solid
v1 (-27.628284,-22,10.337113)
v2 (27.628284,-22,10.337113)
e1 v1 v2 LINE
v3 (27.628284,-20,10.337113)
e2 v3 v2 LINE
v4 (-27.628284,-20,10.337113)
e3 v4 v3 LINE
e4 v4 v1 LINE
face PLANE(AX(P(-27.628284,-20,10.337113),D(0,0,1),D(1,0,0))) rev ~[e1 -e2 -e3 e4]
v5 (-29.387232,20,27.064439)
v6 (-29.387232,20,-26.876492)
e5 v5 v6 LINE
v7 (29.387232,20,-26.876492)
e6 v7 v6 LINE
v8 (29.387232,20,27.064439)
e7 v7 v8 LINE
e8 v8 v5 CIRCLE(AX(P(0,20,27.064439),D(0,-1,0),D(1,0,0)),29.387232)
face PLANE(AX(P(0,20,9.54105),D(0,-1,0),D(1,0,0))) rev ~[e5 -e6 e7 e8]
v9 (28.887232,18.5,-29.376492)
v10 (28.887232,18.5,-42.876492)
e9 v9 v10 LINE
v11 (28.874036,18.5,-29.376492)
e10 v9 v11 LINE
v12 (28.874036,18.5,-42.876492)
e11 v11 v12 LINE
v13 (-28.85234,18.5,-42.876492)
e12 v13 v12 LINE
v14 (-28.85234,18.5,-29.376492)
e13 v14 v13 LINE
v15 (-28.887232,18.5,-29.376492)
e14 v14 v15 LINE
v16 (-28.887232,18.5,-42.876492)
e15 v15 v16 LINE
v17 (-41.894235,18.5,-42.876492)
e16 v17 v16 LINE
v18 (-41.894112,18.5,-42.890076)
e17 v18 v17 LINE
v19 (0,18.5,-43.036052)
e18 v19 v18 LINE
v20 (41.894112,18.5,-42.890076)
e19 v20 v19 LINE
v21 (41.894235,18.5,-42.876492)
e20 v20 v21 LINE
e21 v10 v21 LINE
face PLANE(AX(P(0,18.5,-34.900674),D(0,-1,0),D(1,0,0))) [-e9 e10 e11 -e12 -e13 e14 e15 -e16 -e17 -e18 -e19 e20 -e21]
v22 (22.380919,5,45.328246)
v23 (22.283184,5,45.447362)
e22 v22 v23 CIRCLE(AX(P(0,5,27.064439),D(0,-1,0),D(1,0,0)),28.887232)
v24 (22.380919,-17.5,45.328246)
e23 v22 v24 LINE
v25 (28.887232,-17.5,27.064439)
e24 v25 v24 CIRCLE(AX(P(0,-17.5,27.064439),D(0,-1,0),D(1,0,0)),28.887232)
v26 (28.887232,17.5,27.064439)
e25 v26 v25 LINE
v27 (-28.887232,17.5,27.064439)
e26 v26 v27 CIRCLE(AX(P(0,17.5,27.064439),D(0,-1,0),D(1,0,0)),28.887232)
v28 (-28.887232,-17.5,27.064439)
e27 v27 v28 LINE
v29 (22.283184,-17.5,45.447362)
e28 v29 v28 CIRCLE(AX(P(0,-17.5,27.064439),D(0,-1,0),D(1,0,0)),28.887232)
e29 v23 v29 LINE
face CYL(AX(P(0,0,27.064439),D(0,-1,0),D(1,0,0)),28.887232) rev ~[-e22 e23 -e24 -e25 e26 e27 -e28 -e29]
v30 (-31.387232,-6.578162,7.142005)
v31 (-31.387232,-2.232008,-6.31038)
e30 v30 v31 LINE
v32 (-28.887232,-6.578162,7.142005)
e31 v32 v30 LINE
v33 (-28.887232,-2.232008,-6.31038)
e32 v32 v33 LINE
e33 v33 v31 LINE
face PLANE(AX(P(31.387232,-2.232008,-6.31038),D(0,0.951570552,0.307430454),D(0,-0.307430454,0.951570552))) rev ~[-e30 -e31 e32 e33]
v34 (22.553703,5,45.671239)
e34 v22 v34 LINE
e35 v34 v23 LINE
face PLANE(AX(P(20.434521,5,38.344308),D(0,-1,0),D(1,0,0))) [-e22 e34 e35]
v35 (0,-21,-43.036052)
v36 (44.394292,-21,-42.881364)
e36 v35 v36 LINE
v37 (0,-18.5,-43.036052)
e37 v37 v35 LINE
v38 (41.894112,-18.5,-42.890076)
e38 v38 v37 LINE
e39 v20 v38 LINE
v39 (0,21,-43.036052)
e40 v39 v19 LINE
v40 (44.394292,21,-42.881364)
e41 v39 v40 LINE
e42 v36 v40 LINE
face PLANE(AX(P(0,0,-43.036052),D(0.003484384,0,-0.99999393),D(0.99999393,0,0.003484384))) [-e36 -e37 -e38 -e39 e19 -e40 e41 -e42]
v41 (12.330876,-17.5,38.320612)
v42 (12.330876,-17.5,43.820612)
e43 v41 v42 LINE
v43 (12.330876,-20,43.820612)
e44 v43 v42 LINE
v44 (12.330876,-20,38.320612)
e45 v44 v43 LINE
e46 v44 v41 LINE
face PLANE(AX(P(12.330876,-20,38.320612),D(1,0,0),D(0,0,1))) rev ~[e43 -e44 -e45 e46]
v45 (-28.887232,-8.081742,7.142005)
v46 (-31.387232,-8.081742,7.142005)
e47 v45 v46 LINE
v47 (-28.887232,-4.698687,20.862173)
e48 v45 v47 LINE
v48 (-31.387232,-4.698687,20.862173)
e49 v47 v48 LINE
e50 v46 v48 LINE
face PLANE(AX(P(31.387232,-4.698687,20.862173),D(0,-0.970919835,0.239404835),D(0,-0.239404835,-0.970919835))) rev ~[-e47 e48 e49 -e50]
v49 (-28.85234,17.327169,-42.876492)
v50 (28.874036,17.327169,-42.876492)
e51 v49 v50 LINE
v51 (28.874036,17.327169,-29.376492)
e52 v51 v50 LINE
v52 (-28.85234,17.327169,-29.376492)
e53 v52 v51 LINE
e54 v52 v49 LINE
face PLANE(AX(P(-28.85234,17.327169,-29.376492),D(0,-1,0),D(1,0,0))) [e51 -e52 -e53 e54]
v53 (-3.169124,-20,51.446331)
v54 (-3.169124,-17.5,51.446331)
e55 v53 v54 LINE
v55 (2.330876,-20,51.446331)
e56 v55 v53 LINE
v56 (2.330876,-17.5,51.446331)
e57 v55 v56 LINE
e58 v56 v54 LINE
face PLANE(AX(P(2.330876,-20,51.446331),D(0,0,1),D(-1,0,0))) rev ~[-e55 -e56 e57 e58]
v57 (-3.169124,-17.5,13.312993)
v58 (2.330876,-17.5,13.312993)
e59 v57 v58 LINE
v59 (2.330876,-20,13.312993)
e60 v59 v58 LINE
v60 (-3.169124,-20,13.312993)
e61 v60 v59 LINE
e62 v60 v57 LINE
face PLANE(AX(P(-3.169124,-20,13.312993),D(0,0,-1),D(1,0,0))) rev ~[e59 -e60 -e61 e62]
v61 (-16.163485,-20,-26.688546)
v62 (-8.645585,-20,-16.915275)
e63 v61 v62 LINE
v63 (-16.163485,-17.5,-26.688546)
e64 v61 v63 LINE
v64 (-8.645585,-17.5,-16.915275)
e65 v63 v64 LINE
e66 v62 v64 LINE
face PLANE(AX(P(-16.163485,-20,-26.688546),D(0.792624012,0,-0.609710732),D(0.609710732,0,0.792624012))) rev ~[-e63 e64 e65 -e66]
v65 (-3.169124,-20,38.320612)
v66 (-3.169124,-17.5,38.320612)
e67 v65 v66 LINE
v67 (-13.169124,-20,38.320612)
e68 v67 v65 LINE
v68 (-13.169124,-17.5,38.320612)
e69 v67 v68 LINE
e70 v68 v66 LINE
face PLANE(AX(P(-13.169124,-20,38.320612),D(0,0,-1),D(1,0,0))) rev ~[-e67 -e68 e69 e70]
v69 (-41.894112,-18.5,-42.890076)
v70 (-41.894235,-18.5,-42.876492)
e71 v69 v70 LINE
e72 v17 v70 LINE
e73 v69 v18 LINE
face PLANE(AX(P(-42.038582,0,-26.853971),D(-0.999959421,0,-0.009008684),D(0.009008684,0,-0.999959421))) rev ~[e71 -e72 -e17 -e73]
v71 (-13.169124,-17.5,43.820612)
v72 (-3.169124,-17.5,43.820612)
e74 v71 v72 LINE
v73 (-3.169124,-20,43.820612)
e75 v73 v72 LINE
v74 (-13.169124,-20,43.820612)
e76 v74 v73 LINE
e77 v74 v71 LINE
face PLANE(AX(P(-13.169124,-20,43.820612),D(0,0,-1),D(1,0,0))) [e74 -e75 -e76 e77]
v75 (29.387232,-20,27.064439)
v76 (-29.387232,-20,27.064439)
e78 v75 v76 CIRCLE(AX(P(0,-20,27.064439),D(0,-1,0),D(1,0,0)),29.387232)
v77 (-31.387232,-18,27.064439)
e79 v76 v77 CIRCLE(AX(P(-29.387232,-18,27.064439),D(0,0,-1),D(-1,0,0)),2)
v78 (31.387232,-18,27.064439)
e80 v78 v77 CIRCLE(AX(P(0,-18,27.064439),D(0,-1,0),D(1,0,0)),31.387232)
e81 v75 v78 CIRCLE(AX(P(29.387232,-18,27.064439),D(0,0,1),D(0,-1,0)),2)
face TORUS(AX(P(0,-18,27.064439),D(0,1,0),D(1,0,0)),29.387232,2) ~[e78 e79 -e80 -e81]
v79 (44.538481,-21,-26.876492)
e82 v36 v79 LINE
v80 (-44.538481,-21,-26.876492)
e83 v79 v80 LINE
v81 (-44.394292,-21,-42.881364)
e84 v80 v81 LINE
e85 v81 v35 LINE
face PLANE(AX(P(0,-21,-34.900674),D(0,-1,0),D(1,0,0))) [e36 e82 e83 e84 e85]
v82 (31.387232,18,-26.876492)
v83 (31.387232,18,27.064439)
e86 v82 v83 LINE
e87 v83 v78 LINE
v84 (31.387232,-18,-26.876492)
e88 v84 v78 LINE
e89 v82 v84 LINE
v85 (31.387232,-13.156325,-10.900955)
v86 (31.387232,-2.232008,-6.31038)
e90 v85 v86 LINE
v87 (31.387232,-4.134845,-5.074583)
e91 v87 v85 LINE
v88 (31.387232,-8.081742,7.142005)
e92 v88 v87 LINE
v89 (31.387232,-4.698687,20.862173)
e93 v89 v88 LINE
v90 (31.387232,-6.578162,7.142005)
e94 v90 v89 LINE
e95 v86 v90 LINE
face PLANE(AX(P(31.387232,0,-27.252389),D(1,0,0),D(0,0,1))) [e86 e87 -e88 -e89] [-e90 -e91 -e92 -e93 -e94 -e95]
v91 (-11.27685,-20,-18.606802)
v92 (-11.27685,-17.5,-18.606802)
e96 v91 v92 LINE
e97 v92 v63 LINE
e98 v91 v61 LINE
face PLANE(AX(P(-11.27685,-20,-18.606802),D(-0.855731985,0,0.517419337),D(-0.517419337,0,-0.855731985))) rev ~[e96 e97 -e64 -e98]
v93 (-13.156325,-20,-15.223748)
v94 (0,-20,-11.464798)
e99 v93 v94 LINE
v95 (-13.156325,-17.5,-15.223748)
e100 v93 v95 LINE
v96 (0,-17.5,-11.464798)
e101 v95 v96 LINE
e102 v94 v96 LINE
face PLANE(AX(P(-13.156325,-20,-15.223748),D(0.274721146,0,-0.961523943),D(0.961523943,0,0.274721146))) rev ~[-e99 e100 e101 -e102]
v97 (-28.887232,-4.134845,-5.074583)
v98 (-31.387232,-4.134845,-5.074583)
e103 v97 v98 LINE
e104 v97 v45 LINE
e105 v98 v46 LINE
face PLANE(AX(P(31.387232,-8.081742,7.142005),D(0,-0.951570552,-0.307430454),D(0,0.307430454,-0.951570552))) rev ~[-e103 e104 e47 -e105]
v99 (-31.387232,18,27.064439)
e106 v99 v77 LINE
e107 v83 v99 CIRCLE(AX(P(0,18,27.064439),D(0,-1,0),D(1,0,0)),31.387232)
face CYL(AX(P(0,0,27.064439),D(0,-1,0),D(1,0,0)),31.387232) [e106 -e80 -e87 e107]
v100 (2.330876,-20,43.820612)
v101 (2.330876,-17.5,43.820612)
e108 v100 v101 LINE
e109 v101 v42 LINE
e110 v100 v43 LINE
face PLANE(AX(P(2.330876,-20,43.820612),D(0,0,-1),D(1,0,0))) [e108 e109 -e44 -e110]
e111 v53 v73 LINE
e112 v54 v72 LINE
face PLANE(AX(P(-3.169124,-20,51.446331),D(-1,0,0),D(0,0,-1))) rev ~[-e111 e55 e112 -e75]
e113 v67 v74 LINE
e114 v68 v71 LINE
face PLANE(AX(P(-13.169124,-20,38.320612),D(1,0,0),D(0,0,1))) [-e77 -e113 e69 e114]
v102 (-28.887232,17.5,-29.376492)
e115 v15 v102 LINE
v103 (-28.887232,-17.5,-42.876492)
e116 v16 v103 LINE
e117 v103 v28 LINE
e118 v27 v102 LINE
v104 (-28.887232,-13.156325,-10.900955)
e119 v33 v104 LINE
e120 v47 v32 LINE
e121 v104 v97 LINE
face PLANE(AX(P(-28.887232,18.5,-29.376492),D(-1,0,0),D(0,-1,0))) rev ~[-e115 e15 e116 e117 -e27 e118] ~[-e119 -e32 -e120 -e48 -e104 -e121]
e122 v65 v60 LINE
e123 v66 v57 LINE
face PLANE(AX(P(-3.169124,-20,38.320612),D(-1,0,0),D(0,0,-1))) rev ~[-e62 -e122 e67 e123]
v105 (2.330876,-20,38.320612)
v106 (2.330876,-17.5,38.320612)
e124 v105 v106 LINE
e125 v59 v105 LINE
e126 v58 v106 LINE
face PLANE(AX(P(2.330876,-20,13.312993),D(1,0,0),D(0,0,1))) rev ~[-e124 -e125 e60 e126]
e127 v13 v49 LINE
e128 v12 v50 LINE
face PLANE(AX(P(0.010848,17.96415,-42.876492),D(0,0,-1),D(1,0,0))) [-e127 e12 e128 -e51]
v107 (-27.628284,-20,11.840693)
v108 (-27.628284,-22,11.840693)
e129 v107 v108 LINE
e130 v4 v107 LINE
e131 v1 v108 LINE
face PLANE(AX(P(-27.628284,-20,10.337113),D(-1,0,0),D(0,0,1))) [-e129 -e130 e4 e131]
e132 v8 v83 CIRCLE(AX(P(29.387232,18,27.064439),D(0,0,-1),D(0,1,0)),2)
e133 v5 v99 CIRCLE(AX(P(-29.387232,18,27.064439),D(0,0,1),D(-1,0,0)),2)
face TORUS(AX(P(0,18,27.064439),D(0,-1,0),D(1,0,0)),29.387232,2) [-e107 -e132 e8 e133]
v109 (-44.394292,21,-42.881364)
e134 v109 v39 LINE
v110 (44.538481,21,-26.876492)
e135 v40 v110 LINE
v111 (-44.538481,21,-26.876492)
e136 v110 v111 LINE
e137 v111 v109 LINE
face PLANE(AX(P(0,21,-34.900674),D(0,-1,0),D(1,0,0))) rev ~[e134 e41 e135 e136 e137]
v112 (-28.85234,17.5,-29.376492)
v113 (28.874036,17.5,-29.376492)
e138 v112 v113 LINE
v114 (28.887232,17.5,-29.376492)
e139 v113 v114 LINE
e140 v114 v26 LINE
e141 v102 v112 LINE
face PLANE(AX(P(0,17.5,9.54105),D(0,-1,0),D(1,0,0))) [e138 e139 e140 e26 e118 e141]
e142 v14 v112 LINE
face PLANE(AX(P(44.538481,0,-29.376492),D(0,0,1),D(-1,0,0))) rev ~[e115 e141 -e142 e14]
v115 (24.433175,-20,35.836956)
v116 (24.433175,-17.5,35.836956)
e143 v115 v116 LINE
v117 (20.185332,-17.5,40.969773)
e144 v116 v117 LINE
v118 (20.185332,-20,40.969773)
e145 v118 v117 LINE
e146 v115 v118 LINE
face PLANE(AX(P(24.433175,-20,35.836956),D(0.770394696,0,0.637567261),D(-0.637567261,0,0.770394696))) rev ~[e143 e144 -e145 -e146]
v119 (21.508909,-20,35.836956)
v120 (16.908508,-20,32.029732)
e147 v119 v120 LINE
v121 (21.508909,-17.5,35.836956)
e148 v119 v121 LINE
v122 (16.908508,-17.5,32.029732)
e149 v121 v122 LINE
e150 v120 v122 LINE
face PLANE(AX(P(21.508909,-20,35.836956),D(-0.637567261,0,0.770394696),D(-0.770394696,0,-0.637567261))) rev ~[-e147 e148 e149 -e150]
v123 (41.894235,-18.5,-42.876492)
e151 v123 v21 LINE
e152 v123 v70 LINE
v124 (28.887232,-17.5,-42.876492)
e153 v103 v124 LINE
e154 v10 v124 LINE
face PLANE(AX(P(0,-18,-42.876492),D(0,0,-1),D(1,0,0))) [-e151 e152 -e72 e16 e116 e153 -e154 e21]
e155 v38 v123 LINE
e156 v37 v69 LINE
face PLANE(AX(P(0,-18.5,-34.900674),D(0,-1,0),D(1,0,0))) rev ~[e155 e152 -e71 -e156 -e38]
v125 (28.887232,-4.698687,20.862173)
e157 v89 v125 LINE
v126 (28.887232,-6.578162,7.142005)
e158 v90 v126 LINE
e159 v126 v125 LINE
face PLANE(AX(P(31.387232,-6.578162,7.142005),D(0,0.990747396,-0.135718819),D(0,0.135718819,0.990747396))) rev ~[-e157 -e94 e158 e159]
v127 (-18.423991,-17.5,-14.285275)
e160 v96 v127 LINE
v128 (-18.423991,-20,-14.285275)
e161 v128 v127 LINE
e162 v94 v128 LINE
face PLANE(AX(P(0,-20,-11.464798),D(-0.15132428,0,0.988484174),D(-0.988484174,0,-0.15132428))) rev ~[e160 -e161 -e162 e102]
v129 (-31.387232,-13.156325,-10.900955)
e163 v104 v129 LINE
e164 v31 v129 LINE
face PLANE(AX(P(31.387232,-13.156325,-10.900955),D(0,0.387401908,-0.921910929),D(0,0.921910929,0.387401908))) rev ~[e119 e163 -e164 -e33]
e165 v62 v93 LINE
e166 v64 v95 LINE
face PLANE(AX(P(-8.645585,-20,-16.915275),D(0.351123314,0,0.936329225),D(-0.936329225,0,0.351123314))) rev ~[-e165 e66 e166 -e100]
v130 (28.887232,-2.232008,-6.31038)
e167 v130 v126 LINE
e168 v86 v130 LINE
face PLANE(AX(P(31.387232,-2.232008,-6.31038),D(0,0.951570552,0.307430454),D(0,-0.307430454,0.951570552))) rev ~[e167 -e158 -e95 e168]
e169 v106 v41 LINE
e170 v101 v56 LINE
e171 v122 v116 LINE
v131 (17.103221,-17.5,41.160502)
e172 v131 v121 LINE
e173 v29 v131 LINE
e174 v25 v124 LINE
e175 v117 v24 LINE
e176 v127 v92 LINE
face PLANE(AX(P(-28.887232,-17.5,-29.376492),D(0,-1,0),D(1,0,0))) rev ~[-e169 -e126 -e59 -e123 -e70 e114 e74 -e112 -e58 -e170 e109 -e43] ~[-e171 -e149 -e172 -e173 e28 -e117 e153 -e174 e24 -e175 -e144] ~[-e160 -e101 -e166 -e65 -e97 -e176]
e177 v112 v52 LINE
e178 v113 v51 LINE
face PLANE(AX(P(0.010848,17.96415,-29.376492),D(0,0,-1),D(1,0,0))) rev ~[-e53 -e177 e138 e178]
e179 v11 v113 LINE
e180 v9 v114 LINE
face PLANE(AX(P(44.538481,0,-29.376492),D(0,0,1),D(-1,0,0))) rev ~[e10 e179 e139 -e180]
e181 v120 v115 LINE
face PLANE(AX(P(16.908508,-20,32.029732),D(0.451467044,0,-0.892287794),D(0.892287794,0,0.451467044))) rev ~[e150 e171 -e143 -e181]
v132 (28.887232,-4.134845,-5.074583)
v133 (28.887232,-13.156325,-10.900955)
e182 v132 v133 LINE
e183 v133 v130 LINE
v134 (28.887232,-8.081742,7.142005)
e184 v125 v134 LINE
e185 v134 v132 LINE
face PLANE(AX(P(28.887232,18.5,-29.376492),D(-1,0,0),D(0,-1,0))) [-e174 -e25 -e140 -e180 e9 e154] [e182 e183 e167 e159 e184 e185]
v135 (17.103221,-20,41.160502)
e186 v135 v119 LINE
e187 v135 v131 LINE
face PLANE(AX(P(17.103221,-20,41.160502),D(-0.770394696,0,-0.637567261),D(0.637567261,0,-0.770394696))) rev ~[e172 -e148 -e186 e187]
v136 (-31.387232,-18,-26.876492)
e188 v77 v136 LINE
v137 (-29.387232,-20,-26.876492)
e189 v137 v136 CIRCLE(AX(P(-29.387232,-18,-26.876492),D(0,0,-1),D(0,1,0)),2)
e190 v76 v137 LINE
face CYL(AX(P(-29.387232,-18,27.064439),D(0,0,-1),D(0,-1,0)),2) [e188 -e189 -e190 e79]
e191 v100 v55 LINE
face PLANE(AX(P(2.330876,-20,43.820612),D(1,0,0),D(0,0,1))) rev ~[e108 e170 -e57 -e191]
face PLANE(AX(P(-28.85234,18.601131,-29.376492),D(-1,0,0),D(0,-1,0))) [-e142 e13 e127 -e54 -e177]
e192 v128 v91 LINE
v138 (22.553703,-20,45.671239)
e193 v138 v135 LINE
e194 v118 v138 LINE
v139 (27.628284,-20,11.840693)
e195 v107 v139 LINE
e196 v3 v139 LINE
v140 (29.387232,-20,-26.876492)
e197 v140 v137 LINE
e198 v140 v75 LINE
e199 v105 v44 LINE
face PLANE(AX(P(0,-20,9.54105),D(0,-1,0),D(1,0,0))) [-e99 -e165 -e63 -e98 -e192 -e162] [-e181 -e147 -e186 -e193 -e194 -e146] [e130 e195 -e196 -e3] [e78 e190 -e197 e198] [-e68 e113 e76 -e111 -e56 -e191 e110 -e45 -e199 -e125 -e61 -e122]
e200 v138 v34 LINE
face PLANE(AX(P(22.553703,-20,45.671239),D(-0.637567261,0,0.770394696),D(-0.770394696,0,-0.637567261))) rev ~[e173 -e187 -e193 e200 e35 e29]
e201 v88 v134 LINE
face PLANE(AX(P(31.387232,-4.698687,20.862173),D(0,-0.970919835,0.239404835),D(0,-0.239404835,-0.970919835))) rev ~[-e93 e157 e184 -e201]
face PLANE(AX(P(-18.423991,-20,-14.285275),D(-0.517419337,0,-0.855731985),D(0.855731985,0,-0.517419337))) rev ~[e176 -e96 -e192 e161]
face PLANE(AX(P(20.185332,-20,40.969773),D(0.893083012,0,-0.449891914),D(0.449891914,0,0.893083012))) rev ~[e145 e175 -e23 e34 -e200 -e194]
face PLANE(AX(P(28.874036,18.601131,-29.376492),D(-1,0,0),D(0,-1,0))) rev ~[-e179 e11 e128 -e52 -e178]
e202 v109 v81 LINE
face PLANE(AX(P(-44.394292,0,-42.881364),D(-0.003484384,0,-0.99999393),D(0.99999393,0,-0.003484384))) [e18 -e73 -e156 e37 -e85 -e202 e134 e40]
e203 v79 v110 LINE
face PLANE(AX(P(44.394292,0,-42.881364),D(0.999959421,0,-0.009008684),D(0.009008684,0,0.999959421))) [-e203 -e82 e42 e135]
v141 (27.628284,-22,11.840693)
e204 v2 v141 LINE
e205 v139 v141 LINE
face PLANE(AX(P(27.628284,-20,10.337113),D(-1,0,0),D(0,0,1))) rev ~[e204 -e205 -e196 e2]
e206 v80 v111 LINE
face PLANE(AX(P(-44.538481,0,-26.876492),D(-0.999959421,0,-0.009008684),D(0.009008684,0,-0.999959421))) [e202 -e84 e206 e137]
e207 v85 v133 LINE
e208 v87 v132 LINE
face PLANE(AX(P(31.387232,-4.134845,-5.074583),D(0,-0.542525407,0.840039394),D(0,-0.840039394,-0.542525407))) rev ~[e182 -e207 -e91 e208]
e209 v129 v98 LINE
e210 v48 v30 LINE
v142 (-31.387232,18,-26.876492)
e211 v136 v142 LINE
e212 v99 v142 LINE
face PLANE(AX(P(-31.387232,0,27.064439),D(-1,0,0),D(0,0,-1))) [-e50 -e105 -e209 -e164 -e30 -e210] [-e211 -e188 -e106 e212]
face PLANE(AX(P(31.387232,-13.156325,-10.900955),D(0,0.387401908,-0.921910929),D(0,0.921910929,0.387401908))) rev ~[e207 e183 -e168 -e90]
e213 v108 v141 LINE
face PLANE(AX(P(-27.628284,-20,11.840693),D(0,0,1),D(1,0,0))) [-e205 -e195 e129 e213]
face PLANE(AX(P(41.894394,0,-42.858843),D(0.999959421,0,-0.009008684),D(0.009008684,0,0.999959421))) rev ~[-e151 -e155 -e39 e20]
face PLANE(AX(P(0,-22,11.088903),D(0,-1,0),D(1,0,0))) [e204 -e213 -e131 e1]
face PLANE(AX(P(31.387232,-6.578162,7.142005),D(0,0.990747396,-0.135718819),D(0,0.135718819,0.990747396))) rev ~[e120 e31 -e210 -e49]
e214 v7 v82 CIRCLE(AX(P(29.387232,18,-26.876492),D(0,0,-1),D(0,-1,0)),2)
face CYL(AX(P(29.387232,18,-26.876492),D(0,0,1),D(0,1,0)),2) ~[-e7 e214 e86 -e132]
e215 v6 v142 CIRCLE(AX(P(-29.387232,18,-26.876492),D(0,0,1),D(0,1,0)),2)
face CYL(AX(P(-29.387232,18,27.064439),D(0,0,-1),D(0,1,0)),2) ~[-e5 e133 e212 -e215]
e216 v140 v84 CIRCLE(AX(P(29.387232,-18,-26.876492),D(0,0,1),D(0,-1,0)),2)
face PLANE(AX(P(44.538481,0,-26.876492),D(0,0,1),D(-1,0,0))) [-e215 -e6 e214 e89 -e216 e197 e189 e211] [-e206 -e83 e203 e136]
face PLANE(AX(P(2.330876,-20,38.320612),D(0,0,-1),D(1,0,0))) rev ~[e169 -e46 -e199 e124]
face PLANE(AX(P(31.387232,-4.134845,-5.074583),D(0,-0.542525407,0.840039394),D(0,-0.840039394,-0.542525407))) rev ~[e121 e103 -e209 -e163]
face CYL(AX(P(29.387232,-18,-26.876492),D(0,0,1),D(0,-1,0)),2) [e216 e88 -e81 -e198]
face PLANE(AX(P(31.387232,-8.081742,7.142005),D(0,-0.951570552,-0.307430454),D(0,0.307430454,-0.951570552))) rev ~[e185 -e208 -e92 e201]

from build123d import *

# Parameters (mm, degrees)
F1_DEPTH  = 20
F3_DEPTH  = 21
F4_T      = -2.5
F6_W      = 10
F6_H      = 5.5
F7_DEPTH  = 25
F8_W      = 55.2565678954
F8_H      = 1.5035793185
F9_DEPTH  = 2
F10_R     = 2
F12_DEPTH = 70
F14_DEPTH = 25
F16_DEPTH = 25
F17_W     = 13.128624599
F17_H     = 37
F18_DEPTH = 13.5
F19_W     = 13.128624711
F19_H     = 37
F20_DEPTH = 13.5
F21_W     = 57.774464488
F21_H     = 1
F21_W_2   = 57.7263757586
F21_H_2   = 1.2739617378
F22_DEPTH = 13.5


with BuildPart() as f1:
    # F0 (on Front) → F1 (new body, symmetric)
    with BuildSketch(Plane.XZ):
        with BuildLine():
            Line((31.387232244, -27.2523891181), (31.387232244, 27.0644389093))
            ThreePointArc((31.387232244, 27.0644389093), (0, 58.4516711533), (-31.387232244, 27.0644389093))
            Line((-31.387232244, 27.0644389093), (-31.387232244, -27.2523891181))
            Line((-31.387232244, -27.2523891181), (31.387232244, -27.2523891181))
        make_face()
    extrude(amount=F1_DEPTH, both=True)

    # F2 (on Front) → F3 (join, symmetric)
    with BuildSketch(Plane.XZ):
        Polygon((31.1992858725, -26.8764924258), (-31.1992857605, -26.8764924258), (-44.5384809197, -26.8764924258), (-44.3942922286, -42.8813642573), (5.62e-08, -43.0360519628), (44.3942923407, -42.8813642573), (44.5384810317, -26.8764924258), align=None)
    extrude(amount=F3_DEPTH, both=True)

    # F4
    f4_openings = [f1.faces().sort_by_distance(p)[0] for p in [
        (-22.197146, 0, -42.958708),
        (22.197146, 0, -42.958708),
    ]]
    offset(amount=F4_T, openings=f4_openings, kind=Kind.INTERSECTION)

    # F6 (on face) → F7 (cut)
    with BuildSketch(Plane.XZ.offset(20)):
        Polygon((2.3308762088, 51.4463313338), (-3.1691237912, 51.4463313338), (-3.1691237912, 43.8206121624), (-3.1691237912, 38.3206121624), (-3.1691237912, 13.312992971), (2.3308762088, 13.312992971), (2.3308762088, 38.3206121624), (2.3308762088, 43.8206121624), align=None)
        with Locations((-8.1691237912, 41.0706121624)):
            Rectangle(F6_W, F6_H)
        with Locations((7.3308762088, 41.0706121624)):
            Rectangle(F6_W, F6_H)
    extrude(amount=-F7_DEPTH, mode=Mode.SUBTRACT)

    # F8 (on face) → F9 (join)
    with BuildSketch(Plane.XZ.offset(20)):
        with Locations((0, 11.088903062)):
            Rectangle(F8_W, F8_H)
    extrude(amount=F9_DEPTH)

    # F10
    f10_edges = [f1.edges().sort_by_distance(p)[0] for p in [
        (0, -20, 58.451671),
        (0, 20, 58.451671),
    ]]
    fillet(f10_edges, radius=F10_R)

    # F11 (on face) → F12 (cut)
    with BuildSketch(Plane.YZ.offset(31.387232244)):
        Polygon((-4.1348445229, -5.0745825283), (-13.156324625, -10.9009547159), (-2.2320076807, -6.3103797534), (-6.5781623125, 7.1420050226), (-4.698687233, 20.8621732891), (-8.081741631, 7.1420050226), align=None)
    extrude(amount=-F12_DEPTH, mode=Mode.SUBTRACT)

    # F13 (on face) → F14 (cut)
    with BuildSketch(Plane.XZ.offset(20)):
        Polygon((-11.2768495455, -18.6068024486), (-16.1634851247, -26.6885459423), (-8.6455848068, -16.915274784), (-13.156324625, -15.2237480506), (0, -11.4647978917), (-18.4239908566, -14.2852751634), align=None)
    extrude(amount=-F14_DEPTH, mode=Mode.SUBTRACT)

    # F15 (on face) → F16 (cut)
    with BuildSketch(Plane.XZ.offset(20)):
        Polygon((20.1853319103, 40.9697728612), (22.5537028164, 45.6712394953), (17.1032212675, 41.1605015397), (21.5089086938, 35.8369561988), (16.9085077893, 32.0297324177), (24.4331751019, 35.8369561988), align=None)
    extrude(amount=-F16_DEPTH, mode=Mode.SUBTRACT)

    # F17 (on face) → F18 (join)
    with BuildSketch(Plane(origin=(0, 0, -29.3764924258), x_dir=(1, 0, 0), z_dir=(0, 0, -1))):
        with Locations((-35.4515445435, 0)):
            Rectangle(F17_W, F17_H)
    extrude(amount=F18_DEPTH)

    # F19 (on face) → F20 (join)
    with BuildSketch(Plane(origin=(0, 0, -29.3764924258), x_dir=(1, 0, 0), z_dir=(0, 0, -1))):
        with Locations((35.4515445995, 0)):
            Rectangle(F19_W, F19_H)
    extrude(amount=F20_DEPTH)

    # F21 (on face) → F22 (join)
    with BuildSketch(Plane(origin=(0, 0, -29.3764924258), x_dir=(1, 0, 0), z_dir=(0, 0, -1))):
        with Locations((0, 18)):
            Rectangle(F21_W, F21_H)
        with Locations((0.0108480453, -17.9641498253)):
            Rectangle(F21_W_2, F21_H_2)
    extrude(amount=F22_DEPTH)


solid = f1.part
